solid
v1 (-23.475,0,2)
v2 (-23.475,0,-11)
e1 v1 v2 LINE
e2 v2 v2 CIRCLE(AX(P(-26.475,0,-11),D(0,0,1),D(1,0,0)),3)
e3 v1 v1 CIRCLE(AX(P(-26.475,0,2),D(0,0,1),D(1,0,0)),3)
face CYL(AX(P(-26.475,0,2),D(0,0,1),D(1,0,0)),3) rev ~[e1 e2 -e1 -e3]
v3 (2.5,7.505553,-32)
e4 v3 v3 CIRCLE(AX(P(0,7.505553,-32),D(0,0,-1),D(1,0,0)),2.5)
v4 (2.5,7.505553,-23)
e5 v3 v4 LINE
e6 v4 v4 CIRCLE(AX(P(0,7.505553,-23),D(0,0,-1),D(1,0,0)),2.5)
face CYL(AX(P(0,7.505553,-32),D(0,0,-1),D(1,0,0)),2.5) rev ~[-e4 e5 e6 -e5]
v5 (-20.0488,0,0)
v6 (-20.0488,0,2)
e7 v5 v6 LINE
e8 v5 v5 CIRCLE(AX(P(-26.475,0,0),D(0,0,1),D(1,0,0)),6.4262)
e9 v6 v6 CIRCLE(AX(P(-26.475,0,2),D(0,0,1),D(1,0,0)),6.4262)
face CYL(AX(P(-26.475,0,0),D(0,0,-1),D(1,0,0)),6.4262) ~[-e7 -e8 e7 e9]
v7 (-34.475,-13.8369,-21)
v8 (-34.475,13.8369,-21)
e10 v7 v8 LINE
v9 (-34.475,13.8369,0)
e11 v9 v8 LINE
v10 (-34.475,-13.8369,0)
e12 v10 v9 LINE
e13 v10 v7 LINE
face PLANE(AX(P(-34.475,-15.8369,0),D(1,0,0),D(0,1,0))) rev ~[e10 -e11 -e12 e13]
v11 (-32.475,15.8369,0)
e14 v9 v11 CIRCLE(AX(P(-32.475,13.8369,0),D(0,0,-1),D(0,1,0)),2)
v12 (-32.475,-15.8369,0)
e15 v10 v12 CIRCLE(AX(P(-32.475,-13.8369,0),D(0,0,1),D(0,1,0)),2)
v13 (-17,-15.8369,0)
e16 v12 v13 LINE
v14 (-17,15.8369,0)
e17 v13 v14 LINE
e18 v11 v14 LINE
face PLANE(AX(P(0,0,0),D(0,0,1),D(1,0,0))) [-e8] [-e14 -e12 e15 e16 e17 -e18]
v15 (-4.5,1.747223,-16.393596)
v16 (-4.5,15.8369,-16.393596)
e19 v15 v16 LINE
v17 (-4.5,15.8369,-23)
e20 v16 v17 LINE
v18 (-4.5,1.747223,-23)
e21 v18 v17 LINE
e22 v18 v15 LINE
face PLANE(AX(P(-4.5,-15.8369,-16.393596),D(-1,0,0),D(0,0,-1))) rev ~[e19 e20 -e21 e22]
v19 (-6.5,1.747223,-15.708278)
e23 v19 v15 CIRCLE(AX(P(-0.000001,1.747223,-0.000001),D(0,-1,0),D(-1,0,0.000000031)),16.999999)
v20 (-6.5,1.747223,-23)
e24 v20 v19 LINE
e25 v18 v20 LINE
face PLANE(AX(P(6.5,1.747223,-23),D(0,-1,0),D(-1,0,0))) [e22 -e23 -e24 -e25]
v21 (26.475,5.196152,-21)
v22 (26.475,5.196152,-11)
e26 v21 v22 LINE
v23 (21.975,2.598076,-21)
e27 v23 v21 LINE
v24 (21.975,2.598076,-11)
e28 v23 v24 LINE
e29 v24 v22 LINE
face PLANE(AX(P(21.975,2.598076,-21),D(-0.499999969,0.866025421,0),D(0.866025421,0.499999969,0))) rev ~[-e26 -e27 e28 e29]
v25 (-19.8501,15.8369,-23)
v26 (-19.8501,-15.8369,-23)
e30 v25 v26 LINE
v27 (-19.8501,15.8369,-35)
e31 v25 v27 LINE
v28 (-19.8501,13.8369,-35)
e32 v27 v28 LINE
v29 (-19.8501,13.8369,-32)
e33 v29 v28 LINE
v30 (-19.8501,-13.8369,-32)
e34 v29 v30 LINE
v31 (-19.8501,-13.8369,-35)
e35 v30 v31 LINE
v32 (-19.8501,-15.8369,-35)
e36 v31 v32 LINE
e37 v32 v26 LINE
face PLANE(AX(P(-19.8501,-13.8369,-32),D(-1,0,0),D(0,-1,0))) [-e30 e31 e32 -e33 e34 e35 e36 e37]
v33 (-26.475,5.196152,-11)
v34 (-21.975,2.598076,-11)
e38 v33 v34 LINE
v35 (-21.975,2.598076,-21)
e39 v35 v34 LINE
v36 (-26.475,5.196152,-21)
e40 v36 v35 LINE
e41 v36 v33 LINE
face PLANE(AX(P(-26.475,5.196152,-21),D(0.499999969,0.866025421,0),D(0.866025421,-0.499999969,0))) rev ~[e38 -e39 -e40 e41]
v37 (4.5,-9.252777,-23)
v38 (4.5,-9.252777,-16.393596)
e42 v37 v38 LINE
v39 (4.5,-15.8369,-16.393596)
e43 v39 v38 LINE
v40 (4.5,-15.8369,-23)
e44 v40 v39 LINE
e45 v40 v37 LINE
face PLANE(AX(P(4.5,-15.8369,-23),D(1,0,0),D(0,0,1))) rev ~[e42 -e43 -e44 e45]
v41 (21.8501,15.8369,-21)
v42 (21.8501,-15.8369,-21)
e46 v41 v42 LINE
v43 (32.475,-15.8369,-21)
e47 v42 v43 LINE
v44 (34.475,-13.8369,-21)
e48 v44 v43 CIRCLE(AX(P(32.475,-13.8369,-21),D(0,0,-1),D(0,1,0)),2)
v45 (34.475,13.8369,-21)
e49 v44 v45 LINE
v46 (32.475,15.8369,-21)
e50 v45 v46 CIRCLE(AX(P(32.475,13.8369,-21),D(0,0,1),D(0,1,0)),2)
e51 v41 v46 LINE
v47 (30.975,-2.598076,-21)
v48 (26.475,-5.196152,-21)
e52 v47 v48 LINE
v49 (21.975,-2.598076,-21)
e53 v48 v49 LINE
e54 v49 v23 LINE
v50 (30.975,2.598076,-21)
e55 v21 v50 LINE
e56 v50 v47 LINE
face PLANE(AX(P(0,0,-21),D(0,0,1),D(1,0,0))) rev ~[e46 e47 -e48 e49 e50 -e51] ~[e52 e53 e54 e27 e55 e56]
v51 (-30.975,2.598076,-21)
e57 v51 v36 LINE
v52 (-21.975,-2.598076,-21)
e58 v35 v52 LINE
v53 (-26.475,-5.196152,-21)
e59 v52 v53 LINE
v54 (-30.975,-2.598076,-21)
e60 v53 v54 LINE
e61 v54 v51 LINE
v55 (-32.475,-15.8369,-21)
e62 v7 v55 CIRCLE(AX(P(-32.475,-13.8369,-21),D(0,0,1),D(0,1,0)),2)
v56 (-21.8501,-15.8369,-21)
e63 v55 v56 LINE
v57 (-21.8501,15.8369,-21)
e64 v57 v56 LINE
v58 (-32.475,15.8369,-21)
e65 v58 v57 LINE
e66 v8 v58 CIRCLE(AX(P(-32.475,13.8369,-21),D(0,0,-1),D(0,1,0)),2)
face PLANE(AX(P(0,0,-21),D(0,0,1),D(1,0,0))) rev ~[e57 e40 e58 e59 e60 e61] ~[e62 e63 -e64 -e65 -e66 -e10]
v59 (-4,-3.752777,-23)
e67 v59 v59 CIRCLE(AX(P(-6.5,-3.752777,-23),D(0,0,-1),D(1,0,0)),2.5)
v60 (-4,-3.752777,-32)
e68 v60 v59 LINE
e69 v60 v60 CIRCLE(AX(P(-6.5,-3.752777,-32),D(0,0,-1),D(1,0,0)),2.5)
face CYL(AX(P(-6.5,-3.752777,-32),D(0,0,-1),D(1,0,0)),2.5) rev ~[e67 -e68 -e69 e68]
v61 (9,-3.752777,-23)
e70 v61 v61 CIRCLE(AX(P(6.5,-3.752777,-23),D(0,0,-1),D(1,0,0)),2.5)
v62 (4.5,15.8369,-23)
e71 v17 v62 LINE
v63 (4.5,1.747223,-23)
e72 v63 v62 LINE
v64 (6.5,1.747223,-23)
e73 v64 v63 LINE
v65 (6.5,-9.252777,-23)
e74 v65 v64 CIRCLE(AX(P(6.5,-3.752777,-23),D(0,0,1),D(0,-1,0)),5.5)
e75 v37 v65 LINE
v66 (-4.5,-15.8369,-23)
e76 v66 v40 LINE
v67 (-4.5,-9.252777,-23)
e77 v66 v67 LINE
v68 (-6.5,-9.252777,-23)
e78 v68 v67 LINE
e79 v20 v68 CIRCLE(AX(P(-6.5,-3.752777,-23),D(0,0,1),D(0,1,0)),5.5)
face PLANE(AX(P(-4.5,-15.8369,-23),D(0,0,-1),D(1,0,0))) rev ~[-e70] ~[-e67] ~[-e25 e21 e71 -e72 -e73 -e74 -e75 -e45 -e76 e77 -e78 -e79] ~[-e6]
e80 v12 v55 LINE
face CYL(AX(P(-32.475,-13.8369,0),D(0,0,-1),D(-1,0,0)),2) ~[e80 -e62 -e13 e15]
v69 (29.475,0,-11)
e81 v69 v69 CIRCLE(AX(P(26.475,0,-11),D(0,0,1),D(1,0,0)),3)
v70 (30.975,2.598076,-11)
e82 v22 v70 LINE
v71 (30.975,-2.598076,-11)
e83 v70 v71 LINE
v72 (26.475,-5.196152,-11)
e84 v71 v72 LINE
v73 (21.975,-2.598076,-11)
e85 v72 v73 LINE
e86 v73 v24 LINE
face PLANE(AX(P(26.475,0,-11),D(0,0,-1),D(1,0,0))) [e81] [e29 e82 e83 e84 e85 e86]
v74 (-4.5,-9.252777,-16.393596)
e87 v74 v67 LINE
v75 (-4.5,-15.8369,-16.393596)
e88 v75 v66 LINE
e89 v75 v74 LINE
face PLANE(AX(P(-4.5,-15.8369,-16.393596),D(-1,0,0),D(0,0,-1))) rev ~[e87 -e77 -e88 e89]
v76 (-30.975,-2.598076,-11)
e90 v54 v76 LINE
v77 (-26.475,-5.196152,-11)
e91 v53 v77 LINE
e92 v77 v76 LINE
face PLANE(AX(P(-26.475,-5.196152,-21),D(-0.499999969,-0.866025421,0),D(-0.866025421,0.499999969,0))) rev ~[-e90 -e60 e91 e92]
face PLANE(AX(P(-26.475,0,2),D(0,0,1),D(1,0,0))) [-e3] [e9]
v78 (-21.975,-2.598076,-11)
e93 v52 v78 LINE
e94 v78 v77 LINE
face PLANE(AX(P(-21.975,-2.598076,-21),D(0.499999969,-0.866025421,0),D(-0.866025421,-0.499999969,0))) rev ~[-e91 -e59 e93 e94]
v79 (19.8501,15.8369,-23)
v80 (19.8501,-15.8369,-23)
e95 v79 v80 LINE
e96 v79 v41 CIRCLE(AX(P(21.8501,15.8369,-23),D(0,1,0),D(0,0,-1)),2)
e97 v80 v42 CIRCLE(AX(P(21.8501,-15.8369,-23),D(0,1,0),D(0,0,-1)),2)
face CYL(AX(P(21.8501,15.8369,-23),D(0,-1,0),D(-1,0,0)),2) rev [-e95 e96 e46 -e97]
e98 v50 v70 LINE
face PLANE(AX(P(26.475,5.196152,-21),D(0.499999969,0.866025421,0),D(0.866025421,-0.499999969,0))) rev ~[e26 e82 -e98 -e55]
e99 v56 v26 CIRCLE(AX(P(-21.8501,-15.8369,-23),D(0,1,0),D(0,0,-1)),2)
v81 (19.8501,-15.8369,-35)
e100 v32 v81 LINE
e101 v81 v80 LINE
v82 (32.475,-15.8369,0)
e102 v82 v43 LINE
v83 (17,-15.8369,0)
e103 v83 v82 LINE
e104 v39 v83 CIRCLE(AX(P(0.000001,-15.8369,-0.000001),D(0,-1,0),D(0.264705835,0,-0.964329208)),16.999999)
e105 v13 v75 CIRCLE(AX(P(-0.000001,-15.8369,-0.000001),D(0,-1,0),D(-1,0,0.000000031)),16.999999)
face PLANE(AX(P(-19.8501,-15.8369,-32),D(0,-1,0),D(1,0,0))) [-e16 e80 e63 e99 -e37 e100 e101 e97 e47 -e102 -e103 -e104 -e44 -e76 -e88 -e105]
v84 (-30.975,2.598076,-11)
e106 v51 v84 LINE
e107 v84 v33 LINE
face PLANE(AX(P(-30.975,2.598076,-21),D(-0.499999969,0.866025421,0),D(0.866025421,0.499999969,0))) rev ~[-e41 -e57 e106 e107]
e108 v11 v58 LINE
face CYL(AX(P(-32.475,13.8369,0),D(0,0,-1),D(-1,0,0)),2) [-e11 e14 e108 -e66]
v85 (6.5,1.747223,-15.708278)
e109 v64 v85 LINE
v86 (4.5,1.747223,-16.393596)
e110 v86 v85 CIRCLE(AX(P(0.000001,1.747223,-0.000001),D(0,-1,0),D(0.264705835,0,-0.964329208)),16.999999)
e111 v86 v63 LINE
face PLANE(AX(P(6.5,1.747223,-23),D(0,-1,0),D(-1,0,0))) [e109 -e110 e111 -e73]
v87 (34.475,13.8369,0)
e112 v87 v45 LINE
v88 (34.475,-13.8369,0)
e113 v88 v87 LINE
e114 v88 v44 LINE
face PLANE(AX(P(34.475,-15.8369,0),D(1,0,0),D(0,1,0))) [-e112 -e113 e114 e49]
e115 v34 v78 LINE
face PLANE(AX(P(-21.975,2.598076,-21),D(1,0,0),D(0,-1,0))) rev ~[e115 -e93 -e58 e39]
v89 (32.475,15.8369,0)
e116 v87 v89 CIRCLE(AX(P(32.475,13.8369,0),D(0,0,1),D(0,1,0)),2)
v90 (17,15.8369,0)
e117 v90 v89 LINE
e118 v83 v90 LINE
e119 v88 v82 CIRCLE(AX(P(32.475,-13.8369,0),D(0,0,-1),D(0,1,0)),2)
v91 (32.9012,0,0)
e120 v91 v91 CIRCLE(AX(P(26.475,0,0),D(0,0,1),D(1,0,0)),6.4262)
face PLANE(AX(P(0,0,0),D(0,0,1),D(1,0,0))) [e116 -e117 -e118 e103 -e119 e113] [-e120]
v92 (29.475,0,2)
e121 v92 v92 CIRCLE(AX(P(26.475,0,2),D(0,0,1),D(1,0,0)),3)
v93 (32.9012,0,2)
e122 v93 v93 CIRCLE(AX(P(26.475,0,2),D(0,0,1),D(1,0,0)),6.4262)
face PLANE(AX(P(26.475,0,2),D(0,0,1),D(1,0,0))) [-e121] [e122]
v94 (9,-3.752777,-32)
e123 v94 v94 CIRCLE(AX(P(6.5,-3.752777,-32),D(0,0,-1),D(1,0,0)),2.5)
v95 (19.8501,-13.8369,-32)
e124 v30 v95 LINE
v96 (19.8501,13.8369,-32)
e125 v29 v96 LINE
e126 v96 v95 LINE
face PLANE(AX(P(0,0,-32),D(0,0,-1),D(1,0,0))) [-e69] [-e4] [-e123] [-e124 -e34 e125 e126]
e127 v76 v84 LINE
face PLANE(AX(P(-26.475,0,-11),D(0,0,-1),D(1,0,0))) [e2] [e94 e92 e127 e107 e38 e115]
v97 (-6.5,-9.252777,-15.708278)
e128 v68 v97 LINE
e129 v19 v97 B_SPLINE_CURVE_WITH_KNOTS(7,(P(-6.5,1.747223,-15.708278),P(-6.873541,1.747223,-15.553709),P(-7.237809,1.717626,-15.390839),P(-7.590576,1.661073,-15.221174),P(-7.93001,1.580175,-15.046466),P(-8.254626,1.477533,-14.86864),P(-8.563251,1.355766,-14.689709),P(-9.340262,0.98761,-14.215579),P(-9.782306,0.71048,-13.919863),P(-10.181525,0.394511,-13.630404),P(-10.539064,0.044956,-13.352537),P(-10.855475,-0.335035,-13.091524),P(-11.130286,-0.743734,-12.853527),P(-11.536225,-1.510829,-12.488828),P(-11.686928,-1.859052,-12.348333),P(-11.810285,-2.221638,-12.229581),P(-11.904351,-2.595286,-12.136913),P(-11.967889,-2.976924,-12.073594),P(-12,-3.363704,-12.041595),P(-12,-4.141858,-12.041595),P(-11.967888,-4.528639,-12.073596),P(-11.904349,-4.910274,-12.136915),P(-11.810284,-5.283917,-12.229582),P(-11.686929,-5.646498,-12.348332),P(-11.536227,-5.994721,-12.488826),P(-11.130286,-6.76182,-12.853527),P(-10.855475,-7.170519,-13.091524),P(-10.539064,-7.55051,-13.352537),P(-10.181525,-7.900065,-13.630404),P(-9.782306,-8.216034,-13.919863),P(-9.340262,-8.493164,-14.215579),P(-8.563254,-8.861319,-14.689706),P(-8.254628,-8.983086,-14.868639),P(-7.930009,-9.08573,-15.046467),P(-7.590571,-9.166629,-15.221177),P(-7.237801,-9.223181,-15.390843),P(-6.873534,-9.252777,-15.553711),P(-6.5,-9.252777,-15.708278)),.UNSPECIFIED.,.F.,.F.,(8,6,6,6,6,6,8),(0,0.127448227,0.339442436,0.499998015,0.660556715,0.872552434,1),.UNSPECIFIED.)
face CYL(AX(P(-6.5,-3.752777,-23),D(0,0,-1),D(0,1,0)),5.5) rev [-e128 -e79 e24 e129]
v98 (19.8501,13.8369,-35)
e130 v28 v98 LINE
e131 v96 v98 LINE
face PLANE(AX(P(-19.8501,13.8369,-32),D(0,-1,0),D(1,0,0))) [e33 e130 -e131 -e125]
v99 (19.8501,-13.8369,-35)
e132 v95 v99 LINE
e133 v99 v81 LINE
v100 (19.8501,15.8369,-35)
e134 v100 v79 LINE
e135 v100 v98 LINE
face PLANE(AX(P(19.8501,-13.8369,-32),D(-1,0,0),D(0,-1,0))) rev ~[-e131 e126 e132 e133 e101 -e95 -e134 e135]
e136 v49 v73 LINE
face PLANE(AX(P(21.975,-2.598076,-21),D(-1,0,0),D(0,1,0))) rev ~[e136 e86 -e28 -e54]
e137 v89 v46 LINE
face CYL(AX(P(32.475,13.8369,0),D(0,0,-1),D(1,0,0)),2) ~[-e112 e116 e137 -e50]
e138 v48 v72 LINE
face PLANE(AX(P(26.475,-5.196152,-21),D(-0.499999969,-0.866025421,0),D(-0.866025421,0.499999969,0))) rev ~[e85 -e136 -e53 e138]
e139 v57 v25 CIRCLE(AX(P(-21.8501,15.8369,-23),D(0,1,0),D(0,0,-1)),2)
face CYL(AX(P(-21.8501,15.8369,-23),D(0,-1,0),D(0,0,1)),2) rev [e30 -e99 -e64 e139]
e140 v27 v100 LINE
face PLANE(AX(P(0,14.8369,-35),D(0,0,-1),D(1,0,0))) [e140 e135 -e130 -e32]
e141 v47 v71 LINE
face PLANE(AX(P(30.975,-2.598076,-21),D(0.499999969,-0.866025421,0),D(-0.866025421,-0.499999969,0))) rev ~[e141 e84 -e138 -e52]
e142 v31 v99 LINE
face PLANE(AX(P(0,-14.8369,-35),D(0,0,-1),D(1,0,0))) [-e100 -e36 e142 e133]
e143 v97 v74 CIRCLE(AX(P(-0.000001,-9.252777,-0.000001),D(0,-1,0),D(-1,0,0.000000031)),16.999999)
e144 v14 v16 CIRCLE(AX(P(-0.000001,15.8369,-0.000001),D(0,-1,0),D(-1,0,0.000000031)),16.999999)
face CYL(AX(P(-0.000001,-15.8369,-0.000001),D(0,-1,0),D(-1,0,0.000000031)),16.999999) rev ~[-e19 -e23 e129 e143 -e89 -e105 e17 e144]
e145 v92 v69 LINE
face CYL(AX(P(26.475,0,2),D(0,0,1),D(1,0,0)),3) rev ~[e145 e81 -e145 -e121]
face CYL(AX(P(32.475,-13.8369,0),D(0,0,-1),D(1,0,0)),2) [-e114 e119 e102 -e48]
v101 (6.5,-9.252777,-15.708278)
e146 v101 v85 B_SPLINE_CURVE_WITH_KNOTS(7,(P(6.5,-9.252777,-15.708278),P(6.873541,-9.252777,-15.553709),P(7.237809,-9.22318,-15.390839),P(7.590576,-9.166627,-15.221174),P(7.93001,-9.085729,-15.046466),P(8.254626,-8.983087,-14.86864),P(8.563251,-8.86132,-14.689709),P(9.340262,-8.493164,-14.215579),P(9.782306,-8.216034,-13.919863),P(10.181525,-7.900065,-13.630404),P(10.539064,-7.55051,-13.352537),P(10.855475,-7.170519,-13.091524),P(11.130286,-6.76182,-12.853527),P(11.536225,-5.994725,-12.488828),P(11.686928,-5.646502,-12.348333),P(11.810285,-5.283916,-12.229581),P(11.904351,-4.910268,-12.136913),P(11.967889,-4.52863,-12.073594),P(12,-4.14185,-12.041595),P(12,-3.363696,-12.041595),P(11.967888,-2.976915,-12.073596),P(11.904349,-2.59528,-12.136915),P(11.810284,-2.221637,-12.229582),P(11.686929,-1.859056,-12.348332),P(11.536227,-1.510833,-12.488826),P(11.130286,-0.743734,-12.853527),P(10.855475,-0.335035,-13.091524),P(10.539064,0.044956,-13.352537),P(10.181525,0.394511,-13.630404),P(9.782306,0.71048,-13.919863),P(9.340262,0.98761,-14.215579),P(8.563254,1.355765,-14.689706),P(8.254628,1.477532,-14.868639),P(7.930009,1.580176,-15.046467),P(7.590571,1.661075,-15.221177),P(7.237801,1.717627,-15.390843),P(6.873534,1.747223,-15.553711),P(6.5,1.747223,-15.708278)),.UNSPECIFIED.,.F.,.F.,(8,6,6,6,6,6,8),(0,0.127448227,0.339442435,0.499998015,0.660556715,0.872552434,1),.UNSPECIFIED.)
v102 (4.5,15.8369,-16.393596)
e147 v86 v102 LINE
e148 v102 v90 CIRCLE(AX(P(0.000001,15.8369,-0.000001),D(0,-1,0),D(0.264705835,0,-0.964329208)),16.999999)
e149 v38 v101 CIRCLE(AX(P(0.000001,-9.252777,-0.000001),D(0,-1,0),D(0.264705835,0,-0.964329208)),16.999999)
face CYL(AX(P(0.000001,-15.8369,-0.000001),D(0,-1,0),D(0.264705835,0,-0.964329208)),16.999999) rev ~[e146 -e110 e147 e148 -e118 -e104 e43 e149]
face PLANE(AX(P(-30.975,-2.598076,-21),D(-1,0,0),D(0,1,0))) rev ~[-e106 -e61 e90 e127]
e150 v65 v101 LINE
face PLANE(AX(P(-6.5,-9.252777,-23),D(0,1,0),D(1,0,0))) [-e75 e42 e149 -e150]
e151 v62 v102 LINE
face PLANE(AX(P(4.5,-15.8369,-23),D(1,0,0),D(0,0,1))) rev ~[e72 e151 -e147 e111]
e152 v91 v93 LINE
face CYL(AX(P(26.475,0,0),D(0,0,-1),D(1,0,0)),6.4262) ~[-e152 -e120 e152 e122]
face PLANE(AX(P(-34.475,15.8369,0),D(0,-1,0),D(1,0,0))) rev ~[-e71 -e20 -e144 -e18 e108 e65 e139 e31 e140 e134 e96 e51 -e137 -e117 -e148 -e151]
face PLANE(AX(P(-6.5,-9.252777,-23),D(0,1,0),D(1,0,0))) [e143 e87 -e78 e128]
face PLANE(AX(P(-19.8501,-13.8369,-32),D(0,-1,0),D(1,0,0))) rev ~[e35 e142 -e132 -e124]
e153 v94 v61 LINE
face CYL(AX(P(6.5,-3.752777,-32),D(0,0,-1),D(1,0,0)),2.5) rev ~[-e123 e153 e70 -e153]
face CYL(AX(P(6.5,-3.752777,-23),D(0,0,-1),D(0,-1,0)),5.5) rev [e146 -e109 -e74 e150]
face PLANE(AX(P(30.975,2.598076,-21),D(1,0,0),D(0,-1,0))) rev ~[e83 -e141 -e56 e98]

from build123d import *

# Parameters (mm, degrees)
F0_W      = 68.95
F0_H      = 31.6738
F1_DEPTH  = 21
F2_W      = 39.7002
F2_H      = 31.6738
F3_DEPTH  = 11
F4_R      = 6.4262
F4_R_2    = 2.794
F5_DEPTH  = 2
F6_R      = 3
F7_DEPTH  = 34.001
F9_DEPTH  = 10
F11_DEPTH = 31.6748
F12_W     = 39.7002
F12_H     = 2
F13_DEPTH = 3
F14_R     = 2.5
F15_DEPTH = 34.001
F17_DEPTH = 25.001
F18_R     = 2
F19_R     = 2


with BuildPart() as f1:
    # F0 (on Top) → F1 (new body)
    with BuildSketch(Plane.XY):
        Rectangle(F0_W, F0_H)
    extrude(amount=-F1_DEPTH)

    # F2 (on face) → F3 (join)
    with BuildSketch(Plane(origin=(0, 0, -21), x_dir=(1, 0, 0), z_dir=(0, 0, -1))):
        Rectangle(F2_W, F2_H)
    extrude(amount=F3_DEPTH)

    # F4 (on face) → F5 (join)
    with BuildSketch(Plane.XY):
        with Locations((-26.475, 0)):
            Circle(F4_R)
        with Locations((-26.475, 0)):
            Circle(F4_R_2, mode=Mode.SUBTRACT)
        with Locations((26.475, 0)):
            Circle(F4_R)
    extrude(amount=F5_DEPTH)

    # F6 (on face) → F7 (cut, through all)
    with BuildSketch(Plane.XY.offset(2)):
        with Locations((-26.475, 0)):
            Circle(F6_R)
        with Locations((26.475, 0)):
            Circle(F6_R)
    extrude(amount=-F7_DEPTH, mode=Mode.SUBTRACT)

    # F8 (on face) → F9 (cut)
    with BuildSketch(Plane(origin=(0, 0, -21), x_dir=(1, 0, 0), z_dir=(0, 0, -1))):
        Polygon((-26.475, 5.196152), (-30.975, 2.598076), (-30.975, -2.598076), (-26.475, -5.196152), (-21.975, -2.598076), (-21.975, 2.598076), align=None)
        Polygon((26.475, -5.196152), (30.975, -2.598076), (30.975, 2.598076), (26.475, 5.196152), (21.975, 2.598076), (21.975, -2.598076), align=None)
    extrude(amount=-F9_DEPTH, mode=Mode.SUBTRACT)

    # F10 (on face) → F11 (cut, through all)
    with BuildSketch(Plane.XZ.offset(15.8369)):
        with BuildLine():
            Line((4.5, -23), (4.5, -16.393596))
            ThreePointArc((4.5, -16.393596), (13.518506, -10.307764), (17, 0))
            Line((17, 0), (-17, 0))
            ThreePointArc((-17, 0), (-13.518506, -10.307764), (-4.5, -16.393596))
            Line((-4.5, -16.393596), (-4.5, -23))
            Line((-4.5, -23), (4.5, -23))
        make_face()
    extrude(amount=-F11_DEPTH, mode=Mode.SUBTRACT)

    # F12 (on face) → F13 (join)
    with BuildSketch(Plane(origin=(0, 0, -32), x_dir=(1, 0, 0), z_dir=(0, 0, -1))):
        with Locations((0, 14.8369)):
            Rectangle(F12_W, F12_H)
        with Locations((0, -14.8369)):
            Rectangle(F12_W, F12_H)
    extrude(amount=F13_DEPTH)

    # F14 (on face) → F15 (cut, through all)
    with BuildSketch(Plane(origin=(0, 0, -32), x_dir=(1, 0, 0), z_dir=(0, 0, -1))):
        with Locations((-6.5, 3.752777)):
            Circle(F14_R)
        with Locations((6.5, 3.752777)):
            Circle(F14_R)
        with Locations((0, -7.505553)):
            Circle(F14_R)
    extrude(amount=-F15_DEPTH, mode=Mode.SUBTRACT)

    # F16 (on face) → F17 (cut, through all)
    with BuildSketch(Plane.XY.offset(-23)):
        with BuildLine():
            ThreePointArc((-6.5, 1.747223), (-12, -3.752777), (-6.5, -9.252777))
            Line((-6.5, -9.252777), (6.5, -9.252777))
            ThreePointArc((6.5, -9.252777), (12, -3.752777), (6.5, 1.747223))
            Line((6.5, 1.747223), (-6.5, 1.747223))
        make_face()
    extrude(amount=F17_DEPTH, mode=Mode.SUBTRACT)

    # F18
    f18_edges = [f1.edges().sort_by_distance(p)[0] for p in [
        (-34.475, -15.8369, -10.5),
        (34.475, -15.8369, -10.5),
        (34.475, 15.8369, -10.5),
        (-34.475, 15.8369, -10.5),
    ]]
    fillet(f18_edges, radius=F18_R)

    # F19
    f19_edges = [f1.edges().sort_by_distance(p)[0] for p in [
        (-19.8501, 0, -21),
        (19.8501, 0, -21),
    ]]
    fillet(f19_edges, radius=F19_R)


solid = f1.part
